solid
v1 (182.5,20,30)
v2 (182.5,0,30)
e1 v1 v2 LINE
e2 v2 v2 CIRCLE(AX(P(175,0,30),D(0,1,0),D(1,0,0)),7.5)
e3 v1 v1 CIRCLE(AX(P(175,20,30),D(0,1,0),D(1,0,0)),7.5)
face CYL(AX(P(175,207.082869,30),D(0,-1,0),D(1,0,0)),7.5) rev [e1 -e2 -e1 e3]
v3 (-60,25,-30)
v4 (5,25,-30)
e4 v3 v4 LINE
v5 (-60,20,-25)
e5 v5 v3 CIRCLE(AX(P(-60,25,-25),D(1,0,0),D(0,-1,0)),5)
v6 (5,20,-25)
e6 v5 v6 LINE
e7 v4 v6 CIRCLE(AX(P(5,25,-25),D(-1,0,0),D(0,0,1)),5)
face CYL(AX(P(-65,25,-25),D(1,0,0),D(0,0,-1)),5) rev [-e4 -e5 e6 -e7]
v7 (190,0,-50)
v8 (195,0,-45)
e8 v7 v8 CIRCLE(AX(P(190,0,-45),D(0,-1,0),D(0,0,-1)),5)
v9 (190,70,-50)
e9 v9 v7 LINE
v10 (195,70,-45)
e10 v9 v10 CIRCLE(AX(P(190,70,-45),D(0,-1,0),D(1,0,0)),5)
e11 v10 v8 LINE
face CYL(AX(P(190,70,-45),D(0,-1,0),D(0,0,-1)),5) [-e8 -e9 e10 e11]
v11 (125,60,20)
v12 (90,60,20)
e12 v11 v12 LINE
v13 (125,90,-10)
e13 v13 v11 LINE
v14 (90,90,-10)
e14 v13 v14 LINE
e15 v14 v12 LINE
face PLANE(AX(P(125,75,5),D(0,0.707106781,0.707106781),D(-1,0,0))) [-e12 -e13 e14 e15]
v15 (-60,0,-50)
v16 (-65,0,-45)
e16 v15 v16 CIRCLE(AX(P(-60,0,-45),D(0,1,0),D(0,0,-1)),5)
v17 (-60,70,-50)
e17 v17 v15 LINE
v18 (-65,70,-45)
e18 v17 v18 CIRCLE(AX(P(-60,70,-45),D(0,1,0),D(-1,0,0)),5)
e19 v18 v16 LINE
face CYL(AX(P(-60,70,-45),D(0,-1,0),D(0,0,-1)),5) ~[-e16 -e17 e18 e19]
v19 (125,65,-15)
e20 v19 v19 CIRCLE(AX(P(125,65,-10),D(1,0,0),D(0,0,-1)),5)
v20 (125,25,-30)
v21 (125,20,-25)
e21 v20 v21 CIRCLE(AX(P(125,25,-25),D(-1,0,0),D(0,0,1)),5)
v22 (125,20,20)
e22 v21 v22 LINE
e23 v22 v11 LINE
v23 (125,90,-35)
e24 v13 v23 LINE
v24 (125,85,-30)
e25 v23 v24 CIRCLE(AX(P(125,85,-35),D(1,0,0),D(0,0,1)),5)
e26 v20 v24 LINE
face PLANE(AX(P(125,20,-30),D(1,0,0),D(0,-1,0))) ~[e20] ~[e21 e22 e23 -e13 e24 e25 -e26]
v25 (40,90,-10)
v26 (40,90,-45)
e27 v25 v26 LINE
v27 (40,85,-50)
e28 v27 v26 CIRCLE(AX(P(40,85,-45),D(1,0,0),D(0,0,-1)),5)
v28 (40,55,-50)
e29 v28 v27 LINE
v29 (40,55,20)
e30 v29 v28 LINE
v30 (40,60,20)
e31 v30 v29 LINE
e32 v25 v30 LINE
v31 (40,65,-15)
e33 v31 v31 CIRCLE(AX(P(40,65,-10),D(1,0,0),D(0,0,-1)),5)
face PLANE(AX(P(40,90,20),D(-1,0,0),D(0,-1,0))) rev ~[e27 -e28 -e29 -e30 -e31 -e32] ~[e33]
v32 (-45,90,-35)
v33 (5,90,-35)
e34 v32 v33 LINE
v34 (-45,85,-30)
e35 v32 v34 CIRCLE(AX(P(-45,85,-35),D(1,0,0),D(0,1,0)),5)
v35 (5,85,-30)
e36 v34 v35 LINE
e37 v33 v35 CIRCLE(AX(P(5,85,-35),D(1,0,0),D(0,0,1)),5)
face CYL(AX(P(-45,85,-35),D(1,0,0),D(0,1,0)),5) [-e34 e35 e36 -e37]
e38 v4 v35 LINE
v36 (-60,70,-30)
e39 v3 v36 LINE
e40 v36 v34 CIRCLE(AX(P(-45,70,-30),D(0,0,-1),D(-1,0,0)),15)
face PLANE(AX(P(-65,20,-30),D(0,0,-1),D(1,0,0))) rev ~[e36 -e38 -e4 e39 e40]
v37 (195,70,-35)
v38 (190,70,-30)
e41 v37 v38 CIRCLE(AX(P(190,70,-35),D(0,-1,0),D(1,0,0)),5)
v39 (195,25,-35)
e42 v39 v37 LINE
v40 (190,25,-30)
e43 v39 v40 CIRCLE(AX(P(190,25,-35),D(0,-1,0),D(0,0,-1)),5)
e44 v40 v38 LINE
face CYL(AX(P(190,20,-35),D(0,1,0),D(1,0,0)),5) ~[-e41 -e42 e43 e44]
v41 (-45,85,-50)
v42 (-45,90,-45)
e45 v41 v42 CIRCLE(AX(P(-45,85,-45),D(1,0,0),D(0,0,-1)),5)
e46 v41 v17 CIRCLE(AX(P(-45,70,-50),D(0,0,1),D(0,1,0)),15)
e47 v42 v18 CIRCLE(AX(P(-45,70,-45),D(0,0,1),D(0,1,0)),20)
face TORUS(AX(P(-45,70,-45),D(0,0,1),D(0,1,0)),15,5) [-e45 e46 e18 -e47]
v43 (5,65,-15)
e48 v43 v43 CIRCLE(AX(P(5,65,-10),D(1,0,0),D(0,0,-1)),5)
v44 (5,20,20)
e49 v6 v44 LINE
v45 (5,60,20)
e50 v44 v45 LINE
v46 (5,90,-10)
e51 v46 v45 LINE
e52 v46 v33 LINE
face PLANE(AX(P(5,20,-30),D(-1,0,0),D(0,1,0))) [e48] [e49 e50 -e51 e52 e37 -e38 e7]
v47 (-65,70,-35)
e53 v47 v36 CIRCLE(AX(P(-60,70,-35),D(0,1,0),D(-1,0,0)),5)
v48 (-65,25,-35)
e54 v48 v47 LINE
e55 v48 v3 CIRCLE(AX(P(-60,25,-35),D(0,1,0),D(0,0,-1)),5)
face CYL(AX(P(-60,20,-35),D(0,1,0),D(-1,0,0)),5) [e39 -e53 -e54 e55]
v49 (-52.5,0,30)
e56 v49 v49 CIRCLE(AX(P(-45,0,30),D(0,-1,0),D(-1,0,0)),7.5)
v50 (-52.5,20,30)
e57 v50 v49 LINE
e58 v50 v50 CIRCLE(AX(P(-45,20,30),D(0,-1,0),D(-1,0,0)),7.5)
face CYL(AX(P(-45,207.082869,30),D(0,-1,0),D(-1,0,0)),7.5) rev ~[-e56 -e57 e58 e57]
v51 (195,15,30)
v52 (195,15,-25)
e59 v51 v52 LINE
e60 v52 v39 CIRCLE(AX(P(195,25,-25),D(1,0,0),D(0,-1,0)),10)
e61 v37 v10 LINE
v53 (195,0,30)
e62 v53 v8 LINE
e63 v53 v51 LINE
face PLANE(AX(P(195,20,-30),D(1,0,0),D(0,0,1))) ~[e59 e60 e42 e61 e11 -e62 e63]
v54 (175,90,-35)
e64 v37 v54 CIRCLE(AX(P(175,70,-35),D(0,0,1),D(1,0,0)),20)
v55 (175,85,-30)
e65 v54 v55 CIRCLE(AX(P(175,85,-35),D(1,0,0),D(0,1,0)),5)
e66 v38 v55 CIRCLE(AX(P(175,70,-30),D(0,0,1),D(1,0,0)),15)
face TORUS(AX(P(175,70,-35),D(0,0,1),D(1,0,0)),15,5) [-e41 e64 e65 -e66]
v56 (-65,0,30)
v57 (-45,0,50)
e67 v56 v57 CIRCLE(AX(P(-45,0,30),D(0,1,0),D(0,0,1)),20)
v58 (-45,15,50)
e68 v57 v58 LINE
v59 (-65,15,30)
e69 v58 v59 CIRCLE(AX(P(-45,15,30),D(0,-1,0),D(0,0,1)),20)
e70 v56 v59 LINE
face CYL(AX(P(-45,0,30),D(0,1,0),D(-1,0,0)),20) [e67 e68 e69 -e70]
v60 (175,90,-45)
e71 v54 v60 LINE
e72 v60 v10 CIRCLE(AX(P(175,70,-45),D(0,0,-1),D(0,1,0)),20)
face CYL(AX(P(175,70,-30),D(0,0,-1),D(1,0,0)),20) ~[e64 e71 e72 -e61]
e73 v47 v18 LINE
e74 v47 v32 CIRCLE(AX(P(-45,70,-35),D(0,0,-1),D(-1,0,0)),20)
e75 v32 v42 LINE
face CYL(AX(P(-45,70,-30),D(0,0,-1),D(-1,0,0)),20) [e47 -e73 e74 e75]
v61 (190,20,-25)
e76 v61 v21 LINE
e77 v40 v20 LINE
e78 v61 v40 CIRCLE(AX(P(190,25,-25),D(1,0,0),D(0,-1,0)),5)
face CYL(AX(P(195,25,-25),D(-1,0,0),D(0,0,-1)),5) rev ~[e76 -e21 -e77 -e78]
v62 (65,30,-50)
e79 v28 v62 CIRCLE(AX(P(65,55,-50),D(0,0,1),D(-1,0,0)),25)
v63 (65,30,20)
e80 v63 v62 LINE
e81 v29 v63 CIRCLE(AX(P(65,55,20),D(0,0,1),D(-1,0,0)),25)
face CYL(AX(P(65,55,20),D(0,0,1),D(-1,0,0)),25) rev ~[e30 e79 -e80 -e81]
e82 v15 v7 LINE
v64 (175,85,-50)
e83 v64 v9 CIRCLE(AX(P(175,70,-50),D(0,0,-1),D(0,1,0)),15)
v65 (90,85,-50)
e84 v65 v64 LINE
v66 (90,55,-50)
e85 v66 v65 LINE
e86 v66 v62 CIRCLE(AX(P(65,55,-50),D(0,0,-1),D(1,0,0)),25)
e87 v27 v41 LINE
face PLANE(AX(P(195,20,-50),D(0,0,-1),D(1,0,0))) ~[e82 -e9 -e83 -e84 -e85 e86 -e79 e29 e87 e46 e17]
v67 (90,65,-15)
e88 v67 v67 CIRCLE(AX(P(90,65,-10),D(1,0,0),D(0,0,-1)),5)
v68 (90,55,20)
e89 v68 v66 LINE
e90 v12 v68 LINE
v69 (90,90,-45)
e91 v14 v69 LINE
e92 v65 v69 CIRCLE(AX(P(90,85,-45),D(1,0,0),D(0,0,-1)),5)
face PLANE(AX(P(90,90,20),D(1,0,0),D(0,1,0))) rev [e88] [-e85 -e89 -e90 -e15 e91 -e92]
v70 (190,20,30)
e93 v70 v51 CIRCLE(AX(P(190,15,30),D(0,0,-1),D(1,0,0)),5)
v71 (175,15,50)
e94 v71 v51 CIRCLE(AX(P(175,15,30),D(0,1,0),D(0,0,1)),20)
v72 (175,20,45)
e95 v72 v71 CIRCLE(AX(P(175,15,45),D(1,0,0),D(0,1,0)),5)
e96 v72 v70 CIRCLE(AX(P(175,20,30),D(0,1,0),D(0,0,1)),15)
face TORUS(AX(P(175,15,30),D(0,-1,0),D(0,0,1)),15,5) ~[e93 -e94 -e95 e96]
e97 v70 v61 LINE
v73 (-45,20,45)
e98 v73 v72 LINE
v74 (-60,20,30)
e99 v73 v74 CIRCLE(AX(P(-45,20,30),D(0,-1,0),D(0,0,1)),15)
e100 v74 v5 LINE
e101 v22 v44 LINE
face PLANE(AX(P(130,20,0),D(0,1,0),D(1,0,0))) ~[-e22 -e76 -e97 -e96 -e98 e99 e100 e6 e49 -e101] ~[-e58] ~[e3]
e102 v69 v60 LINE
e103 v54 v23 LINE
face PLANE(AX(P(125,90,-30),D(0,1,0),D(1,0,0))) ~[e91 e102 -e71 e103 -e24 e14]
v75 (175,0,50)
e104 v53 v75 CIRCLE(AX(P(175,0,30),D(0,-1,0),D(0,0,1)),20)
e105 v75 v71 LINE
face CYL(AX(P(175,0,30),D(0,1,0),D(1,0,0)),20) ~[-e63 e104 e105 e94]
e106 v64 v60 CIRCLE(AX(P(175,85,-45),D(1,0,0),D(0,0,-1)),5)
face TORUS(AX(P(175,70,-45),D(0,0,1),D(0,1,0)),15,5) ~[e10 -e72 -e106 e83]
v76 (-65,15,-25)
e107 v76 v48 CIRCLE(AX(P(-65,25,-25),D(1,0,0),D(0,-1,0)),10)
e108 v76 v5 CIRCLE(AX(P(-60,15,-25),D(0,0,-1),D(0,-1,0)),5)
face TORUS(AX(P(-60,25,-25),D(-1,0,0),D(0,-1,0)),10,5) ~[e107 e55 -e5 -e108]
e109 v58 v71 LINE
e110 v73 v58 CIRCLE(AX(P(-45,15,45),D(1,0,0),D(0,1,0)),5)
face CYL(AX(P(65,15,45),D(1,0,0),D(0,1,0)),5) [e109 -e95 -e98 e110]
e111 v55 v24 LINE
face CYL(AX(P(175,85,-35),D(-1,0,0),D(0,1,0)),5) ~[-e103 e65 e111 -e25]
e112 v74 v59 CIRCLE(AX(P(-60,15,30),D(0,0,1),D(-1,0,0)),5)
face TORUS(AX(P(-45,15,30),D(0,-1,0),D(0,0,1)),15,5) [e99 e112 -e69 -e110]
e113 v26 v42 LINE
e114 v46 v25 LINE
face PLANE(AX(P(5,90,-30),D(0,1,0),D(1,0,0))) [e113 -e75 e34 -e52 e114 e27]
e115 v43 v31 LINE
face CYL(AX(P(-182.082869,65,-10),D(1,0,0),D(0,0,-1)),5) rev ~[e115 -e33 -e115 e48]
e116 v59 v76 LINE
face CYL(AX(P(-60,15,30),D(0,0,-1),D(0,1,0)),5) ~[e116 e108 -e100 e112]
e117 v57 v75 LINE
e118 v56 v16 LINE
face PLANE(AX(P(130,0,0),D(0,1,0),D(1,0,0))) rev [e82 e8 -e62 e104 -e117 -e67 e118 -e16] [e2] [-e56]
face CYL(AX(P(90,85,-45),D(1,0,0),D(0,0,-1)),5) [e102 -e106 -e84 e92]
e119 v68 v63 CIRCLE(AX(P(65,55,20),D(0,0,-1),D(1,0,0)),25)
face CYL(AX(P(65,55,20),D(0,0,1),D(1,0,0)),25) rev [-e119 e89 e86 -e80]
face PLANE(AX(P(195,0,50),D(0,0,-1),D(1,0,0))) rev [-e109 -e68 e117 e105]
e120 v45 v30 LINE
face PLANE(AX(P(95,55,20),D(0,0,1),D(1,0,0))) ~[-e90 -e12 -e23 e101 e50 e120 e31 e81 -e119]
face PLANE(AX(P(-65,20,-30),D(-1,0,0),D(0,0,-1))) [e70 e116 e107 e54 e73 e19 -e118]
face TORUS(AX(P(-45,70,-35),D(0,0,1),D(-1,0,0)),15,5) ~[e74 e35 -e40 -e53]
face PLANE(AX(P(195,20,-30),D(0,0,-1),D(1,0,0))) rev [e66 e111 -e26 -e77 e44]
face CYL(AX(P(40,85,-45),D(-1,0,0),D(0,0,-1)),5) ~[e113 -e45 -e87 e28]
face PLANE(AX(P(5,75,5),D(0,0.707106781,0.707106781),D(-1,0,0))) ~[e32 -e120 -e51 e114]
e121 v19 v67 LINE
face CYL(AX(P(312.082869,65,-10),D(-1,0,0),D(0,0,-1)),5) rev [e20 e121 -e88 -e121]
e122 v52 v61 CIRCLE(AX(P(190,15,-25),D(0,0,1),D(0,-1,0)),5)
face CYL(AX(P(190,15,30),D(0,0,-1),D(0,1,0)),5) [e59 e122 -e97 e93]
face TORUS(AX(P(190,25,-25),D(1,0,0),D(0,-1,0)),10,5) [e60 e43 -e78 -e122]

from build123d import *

# Parameters (mm, degrees)
SKETCH1_W                  = 130
SKETCH1_H                  = 100
BOSS_EXTRUDE1_DEPTH        = 20
SKETCH2_W                  = 130
SKETCH2_H                  = 20
BOSS_EXTRUDE2_DEPTH        = 70
FILLET1_R                  = 20
SKETCH3_W                  = 60
SKETCH3_H                  = 70
BOSS_EXTRUDE3_DEPTH        = 50
CUT_EXTRUDE1_DEPTH         = 132.244047484
CHAMFER1_SIZE              = 30
F_10_0_10_DIAMETER_HOLE1_D = 10
F_15_0_15_DIAMETER_HOLE1_D = 15
FILLET2_R                  = 5


with BuildPart() as part:
    # Sketch1 → Boss-Extrude1 (new body)
    with BuildSketch(Plane(origin=(0, 0, 0), x_dir=(1, 0, 0), z_dir=(0, 1, 0))):
        Rectangle(SKETCH1_W, SKETCH1_H)
    extrude(amount=BOSS_EXTRUDE1_DEPTH)

    # Sketch2 → Boss-Extrude2 (add)
    with BuildSketch(Plane(origin=(0, 20, 0), x_dir=(1, 0, 0), z_dir=(0, 1, 0))):
        with Locations((0, 40)):
            Rectangle(SKETCH2_W, SKETCH2_H)
    extrude(amount=BOSS_EXTRUDE2_DEPTH)

    # Fillet1
    fillet1_edges = [part.edges().sort_by_distance(p)[0] for p in [
        (-65, 10, 50),
        (-65, 90, -40),
    ]]
    fillet(fillet1_edges, radius=FILLET1_R)

    # Sketch3 → Boss-Extrude3 (add)
    with BuildSketch(Plane.XY.offset(-30)):
        with Locations((35, 55)):
            Rectangle(SKETCH3_W, SKETCH3_H)
    extrude(amount=BOSS_EXTRUDE3_DEPTH)

    # Sketch4 → Cut-Extrude1 (cut, through all)
    with BuildSketch(Plane.XY.offset(20)):
        with BuildLine():
            Line((40, 90), (40, 55))
            ThreePointArc((40, 55), (47.32233047, 37.32233047), (65, 30))
            Line((65, 30), (65, 90))
            Line((65, 90), (40, 90))
        make_face()
    extrude(amount=-CUT_EXTRUDE1_DEPTH, mode=Mode.SUBTRACT)

    # Chamfer1
    chamfer1_edges = [part.edges().sort_by_distance(p)[0] for p in [
        (22.5, 90, 20),
    ]]
    chamfer(chamfer1_edges, length=CHAMFER1_SIZE)

    # Ø10.0 (10) Diameter Hole1 (through all)
    with Locations(Plane.ZY.offset(-5)):
        with Locations((-10, 65)):
            Hole(F_10_0_10_DIAMETER_HOLE1_D / 2)

    # Ø15.0 (15) Diameter Hole1 (through all)
    with Locations(Plane(origin=(0, 20, 0), x_dir=(1, 0, 0), z_dir=(0, 1, 0))):
        with Locations((-45, -30)):
            Hole(F_15_0_15_DIAMETER_HOLE1_D / 2)

    # Fillet2
    fillet2_edges = [part.edges().sort_by_distance(p)[0] for p in [
        (-65, 20, 0),
        (10, 20, 50),
        (-65, 35, -50),
        (-2.5, 90, -50),
        (-20, 90, -30),
        (-65, 45, -30),
        (-59.142135624, 20, 44.142135624),
        (-59.142135624, 84.142135624, -50),
        (-59.142135624, 84.142135624, -30),
        (-30, 20, -30),
    ]]
    fillet(fillet2_edges, radius=FILLET2_R)

    # 鏡射1: part across plane


with BuildPart() as part_1:
    add(part.part)
    add(part.part.mirror(Plane(origin=(65, 20, 50), x_dir=(0, 0, 1), z_dir=(-1, 0, 0))))


solid = part_1.part
